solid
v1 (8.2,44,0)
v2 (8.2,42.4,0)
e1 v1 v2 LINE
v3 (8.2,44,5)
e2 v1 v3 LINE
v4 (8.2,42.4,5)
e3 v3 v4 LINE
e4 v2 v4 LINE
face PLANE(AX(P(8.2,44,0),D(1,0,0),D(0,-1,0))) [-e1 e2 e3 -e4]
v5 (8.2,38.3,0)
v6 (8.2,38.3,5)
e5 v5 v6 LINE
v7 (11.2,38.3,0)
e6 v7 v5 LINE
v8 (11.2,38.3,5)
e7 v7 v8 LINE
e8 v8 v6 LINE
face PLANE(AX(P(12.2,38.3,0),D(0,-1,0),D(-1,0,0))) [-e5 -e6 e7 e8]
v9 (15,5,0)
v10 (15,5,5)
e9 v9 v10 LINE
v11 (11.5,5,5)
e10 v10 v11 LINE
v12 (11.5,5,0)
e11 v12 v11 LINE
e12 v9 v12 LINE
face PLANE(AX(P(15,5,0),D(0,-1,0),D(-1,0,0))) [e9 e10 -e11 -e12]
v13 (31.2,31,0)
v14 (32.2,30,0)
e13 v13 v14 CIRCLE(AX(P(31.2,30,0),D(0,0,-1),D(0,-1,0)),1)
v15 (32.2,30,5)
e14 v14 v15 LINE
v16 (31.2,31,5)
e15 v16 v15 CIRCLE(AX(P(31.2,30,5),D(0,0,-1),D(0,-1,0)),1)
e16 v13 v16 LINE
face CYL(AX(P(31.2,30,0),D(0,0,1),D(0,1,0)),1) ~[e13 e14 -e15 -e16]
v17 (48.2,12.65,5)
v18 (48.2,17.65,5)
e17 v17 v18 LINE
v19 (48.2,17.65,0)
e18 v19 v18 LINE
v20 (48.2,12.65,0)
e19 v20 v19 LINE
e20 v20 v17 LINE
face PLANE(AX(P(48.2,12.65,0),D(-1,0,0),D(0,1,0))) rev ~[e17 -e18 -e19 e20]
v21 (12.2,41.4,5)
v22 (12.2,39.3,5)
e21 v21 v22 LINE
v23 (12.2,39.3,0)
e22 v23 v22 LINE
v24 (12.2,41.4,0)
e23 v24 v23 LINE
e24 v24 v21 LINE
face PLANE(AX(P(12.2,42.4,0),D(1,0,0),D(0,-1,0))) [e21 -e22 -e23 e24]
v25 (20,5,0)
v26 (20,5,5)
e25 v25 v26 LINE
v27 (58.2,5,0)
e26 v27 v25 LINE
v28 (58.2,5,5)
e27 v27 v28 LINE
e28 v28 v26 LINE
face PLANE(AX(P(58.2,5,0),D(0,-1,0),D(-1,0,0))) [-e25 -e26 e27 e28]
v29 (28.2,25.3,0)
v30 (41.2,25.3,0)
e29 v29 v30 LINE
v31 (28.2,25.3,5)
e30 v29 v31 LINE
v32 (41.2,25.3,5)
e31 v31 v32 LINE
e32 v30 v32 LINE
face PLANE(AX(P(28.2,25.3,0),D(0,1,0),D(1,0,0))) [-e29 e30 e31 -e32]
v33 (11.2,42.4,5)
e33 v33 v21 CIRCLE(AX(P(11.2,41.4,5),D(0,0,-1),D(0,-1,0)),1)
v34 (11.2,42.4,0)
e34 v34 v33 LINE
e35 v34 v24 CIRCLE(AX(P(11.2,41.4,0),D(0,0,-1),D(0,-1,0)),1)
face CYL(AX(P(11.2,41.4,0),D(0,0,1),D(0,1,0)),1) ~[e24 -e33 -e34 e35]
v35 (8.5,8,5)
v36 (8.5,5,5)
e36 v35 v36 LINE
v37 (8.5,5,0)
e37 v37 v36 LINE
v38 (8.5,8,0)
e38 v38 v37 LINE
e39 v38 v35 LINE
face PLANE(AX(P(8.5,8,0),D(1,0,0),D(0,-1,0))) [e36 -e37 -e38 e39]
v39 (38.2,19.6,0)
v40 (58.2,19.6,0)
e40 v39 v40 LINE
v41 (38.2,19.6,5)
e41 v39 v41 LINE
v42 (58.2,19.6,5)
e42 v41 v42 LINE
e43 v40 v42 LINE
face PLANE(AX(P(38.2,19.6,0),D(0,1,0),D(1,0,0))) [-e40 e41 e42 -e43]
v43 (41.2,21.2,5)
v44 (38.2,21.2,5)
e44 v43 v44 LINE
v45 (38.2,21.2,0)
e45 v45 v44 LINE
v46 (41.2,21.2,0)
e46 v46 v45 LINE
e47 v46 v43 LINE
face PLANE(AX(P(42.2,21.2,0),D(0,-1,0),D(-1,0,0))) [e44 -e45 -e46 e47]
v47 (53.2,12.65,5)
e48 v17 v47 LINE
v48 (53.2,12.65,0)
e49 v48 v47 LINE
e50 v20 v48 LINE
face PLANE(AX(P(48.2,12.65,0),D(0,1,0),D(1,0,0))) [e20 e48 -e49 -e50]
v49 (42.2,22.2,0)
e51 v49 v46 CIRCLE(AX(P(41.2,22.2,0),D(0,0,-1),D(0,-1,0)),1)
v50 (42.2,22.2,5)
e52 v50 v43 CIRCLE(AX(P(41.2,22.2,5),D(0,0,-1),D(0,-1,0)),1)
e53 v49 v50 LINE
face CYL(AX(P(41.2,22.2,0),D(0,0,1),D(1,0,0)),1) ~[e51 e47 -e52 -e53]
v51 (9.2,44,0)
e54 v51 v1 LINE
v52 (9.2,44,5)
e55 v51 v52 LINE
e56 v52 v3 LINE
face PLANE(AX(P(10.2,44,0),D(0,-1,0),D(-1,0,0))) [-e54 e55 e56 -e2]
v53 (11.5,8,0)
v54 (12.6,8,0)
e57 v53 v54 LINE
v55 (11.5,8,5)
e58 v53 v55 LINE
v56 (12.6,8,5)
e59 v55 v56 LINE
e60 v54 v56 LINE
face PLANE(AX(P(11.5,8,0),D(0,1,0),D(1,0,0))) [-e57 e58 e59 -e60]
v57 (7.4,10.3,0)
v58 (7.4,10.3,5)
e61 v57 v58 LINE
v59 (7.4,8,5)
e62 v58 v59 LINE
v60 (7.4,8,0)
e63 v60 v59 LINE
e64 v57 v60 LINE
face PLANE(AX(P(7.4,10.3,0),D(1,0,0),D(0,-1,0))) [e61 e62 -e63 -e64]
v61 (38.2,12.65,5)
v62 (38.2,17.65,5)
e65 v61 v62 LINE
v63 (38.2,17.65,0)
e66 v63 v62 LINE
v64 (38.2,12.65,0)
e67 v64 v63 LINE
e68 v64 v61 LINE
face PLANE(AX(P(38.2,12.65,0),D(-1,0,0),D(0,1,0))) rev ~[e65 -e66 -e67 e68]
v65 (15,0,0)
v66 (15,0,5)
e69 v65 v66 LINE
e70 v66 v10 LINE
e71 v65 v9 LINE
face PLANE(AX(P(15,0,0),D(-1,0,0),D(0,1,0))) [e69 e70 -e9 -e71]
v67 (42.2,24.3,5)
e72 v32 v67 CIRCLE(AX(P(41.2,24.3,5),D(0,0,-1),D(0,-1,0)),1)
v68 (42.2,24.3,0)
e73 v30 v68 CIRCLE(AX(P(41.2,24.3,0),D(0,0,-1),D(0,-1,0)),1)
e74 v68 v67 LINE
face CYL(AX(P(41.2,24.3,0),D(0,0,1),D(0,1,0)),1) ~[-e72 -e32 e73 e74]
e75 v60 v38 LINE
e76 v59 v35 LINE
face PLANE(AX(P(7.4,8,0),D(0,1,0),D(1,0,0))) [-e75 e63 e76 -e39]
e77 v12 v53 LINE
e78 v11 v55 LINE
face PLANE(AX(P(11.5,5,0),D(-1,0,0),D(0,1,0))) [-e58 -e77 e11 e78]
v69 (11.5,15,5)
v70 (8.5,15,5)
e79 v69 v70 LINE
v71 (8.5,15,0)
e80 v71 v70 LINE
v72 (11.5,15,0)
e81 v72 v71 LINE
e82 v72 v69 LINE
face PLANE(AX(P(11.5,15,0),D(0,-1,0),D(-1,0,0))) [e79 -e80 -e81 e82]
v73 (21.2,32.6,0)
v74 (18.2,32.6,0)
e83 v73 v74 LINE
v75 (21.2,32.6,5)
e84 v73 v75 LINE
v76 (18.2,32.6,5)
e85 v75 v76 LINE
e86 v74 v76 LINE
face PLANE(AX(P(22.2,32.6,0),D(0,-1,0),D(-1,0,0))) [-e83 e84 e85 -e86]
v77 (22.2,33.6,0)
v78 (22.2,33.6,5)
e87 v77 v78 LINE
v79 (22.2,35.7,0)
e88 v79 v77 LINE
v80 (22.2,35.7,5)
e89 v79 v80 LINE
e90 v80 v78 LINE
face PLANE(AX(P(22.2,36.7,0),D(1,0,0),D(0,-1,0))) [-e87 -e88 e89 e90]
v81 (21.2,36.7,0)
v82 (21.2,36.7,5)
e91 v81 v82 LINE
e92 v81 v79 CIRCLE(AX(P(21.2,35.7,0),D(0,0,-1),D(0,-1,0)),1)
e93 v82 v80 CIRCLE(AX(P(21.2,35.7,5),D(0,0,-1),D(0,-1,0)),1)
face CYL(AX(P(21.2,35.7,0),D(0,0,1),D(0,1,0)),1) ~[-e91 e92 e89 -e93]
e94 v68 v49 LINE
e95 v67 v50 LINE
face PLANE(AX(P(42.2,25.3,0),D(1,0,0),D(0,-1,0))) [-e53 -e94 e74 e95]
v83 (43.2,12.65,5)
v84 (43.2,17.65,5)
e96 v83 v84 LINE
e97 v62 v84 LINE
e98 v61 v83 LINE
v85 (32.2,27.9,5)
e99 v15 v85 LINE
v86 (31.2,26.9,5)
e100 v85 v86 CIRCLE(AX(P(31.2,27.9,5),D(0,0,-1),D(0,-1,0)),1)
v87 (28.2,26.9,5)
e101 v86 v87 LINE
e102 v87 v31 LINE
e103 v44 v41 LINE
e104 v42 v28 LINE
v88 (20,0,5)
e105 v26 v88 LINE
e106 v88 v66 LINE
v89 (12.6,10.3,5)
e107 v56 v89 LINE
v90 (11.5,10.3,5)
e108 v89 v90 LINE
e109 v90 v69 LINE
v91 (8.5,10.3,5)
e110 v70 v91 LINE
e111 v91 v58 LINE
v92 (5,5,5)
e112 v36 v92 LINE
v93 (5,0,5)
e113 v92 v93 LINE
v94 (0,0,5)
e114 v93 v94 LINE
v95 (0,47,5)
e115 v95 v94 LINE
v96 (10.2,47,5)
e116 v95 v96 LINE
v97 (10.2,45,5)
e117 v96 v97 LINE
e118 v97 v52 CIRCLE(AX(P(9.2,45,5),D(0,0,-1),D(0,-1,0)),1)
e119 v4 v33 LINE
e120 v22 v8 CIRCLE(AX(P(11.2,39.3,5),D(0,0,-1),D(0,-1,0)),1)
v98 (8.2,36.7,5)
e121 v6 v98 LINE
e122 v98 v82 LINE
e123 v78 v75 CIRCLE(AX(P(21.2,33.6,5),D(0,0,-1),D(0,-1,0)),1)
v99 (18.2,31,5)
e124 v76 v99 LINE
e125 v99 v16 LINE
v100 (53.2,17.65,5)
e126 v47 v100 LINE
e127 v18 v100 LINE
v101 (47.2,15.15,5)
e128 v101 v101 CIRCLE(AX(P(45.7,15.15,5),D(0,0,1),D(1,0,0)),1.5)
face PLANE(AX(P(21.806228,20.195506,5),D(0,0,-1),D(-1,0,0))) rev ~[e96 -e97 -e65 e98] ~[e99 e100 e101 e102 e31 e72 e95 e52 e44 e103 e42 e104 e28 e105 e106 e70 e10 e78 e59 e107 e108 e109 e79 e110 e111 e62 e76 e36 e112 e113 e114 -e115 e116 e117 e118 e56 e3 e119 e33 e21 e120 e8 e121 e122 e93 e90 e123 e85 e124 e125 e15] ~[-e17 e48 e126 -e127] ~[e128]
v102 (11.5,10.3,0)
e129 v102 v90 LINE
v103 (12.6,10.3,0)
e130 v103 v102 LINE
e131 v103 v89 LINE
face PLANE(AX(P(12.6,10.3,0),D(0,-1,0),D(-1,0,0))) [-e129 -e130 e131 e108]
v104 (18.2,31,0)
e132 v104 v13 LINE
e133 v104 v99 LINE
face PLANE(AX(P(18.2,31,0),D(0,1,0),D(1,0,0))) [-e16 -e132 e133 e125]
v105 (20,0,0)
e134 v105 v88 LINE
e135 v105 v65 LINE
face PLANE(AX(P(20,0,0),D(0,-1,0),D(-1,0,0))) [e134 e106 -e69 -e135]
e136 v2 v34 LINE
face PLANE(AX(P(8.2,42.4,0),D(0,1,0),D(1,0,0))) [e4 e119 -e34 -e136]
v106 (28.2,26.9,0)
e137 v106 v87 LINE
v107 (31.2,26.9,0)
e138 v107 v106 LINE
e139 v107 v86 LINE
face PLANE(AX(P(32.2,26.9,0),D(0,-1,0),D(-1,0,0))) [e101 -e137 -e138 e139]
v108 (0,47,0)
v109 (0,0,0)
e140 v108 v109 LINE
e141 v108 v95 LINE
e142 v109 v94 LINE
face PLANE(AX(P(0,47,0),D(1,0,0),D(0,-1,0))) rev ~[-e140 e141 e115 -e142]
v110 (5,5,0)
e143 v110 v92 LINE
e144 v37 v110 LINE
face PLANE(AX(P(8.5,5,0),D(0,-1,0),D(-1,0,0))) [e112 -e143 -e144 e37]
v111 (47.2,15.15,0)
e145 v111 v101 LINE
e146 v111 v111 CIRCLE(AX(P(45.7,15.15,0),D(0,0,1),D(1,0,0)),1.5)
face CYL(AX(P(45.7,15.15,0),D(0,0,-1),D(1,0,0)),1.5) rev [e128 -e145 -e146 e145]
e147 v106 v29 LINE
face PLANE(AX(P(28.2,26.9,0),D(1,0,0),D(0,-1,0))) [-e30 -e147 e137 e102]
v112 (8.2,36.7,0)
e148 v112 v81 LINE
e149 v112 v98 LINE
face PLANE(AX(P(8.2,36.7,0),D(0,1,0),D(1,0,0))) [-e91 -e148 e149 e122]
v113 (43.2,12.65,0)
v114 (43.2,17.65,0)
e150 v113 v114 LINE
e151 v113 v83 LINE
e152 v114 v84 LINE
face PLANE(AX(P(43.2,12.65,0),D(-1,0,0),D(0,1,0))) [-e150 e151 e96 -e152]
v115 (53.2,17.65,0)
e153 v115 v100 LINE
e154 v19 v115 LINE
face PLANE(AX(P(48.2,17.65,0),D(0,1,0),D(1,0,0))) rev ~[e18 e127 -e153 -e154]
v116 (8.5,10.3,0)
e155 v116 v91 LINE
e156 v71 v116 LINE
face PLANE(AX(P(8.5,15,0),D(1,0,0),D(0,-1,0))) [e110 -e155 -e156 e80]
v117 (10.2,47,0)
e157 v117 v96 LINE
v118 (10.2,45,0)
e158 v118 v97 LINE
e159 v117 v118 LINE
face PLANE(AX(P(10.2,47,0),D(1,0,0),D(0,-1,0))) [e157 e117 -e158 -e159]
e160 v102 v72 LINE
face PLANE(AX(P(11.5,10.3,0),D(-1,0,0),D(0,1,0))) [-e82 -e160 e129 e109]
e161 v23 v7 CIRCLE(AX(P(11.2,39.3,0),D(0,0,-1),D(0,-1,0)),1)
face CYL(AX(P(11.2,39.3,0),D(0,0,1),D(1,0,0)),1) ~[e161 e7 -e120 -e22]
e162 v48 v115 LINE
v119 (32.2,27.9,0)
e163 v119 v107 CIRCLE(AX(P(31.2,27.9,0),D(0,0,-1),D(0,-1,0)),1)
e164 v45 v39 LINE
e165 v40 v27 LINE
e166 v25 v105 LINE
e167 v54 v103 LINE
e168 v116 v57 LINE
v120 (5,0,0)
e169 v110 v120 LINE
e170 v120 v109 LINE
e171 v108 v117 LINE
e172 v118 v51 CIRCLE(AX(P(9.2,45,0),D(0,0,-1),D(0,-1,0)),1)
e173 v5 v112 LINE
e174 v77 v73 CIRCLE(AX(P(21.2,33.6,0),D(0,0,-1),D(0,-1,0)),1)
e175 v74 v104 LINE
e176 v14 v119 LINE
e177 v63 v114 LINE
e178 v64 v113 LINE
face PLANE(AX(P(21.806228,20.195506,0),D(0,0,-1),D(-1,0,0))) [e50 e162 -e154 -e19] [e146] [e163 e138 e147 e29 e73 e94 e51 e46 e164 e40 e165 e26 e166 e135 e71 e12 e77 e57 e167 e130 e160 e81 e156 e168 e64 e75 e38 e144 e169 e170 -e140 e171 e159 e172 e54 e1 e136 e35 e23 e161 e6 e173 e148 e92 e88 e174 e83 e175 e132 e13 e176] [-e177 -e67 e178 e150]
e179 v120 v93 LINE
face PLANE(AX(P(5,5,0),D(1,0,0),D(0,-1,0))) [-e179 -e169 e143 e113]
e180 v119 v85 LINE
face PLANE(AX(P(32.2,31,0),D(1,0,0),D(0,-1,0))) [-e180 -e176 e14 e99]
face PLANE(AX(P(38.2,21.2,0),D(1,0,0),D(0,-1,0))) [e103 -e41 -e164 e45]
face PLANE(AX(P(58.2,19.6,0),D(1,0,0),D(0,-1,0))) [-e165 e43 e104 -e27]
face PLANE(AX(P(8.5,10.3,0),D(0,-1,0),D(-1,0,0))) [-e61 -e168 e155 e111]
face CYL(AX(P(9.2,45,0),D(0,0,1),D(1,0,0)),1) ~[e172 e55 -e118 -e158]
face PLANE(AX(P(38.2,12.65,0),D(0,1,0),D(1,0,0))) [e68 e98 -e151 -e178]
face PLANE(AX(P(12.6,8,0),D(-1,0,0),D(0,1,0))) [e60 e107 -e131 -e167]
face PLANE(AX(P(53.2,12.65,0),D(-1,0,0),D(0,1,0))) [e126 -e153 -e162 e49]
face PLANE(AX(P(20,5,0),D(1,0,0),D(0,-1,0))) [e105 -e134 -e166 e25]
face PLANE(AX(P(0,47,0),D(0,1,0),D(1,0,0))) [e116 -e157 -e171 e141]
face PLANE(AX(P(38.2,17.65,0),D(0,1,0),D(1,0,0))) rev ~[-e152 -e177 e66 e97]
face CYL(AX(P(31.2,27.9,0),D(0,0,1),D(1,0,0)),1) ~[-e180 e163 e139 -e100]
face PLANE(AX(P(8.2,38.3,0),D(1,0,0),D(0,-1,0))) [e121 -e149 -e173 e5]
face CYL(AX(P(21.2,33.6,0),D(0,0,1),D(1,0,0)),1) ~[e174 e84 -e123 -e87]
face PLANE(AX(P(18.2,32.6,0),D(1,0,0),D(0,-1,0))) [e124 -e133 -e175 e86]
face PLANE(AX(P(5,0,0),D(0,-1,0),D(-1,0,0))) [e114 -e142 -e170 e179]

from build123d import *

# Parameters (mm, degrees)
SKETCH1_R           = 1.5
SKETCH1_W           = 5
SKETCH1_H           = 5
BOSS_EXTRUDE1_DEPTH = 5
FILLET3_R           = 1


with BuildPart() as part:
    # Sketch1 → Boss-Extrude1 (new body)
    with BuildSketch(Plane.XY):
        Polygon((0, 5), (0, 19.982808697), (0, 31), (0, 30.1), (0, 47), (10.2, 47), (10.2, 44), (8.2, 44), (8.2, 42.4), (12.2, 42.4), (12.2, 38.3), (8.2, 38.3), (8.2, 36.7), (22.2, 36.7), (22.2, 32.6), (18.2, 32.6), (18.2, 31), (32.2, 31), (32.2, 26.9), (28.2, 26.9), (28.2, 25.3), (42.2, 25.3), (42.2, 21.2), (38.2, 21.2), (38.2, 19.6), (58.2, 19.6), (58.2, 5), (20, 5), (20, 0), (15, 0), (15, 5), (11.5, 5), (11.5, 8), (12.6, 8), (12.6, 10.3), (11.5, 10.3), (11.5, 15), (8.5, 15), (8.5, 10.3), (7.4, 10.3), (7.4, 8), (8.5, 8), (8.5, 5), (5, 5), (5, 0), (0, 0), align=None)
        with Locations((45.7, 15.15)):
            Circle(SKETCH1_R, mode=Mode.SUBTRACT)
        with Locations((40.7, 15.15)):
            Rectangle(SKETCH1_W, SKETCH1_H, mode=Mode.SUBTRACT)
        with Locations((50.7, 15.15)):
            Rectangle(SKETCH1_W, SKETCH1_H, mode=Mode.SUBTRACT)
    extrude(amount=BOSS_EXTRUDE1_DEPTH)

    # Fillet3
    fillet3_edges = [part.edges().sort_by_distance(p)[0] for p in [
        (10.2, 44, 2.5),
        (12.2, 42.4, 2.5),
        (12.2, 38.3, 2.5),
        (22.2, 36.7, 2.5),
        (22.2, 32.6, 2.5),
        (32.2, 31, 2.5),
        (32.2, 26.9, 2.5),
        (42.2, 25.3, 2.5),
        (42.2, 21.2, 2.5),
    ]]
    fillet(fillet3_edges, radius=FILLET3_R)


solid = part.part
